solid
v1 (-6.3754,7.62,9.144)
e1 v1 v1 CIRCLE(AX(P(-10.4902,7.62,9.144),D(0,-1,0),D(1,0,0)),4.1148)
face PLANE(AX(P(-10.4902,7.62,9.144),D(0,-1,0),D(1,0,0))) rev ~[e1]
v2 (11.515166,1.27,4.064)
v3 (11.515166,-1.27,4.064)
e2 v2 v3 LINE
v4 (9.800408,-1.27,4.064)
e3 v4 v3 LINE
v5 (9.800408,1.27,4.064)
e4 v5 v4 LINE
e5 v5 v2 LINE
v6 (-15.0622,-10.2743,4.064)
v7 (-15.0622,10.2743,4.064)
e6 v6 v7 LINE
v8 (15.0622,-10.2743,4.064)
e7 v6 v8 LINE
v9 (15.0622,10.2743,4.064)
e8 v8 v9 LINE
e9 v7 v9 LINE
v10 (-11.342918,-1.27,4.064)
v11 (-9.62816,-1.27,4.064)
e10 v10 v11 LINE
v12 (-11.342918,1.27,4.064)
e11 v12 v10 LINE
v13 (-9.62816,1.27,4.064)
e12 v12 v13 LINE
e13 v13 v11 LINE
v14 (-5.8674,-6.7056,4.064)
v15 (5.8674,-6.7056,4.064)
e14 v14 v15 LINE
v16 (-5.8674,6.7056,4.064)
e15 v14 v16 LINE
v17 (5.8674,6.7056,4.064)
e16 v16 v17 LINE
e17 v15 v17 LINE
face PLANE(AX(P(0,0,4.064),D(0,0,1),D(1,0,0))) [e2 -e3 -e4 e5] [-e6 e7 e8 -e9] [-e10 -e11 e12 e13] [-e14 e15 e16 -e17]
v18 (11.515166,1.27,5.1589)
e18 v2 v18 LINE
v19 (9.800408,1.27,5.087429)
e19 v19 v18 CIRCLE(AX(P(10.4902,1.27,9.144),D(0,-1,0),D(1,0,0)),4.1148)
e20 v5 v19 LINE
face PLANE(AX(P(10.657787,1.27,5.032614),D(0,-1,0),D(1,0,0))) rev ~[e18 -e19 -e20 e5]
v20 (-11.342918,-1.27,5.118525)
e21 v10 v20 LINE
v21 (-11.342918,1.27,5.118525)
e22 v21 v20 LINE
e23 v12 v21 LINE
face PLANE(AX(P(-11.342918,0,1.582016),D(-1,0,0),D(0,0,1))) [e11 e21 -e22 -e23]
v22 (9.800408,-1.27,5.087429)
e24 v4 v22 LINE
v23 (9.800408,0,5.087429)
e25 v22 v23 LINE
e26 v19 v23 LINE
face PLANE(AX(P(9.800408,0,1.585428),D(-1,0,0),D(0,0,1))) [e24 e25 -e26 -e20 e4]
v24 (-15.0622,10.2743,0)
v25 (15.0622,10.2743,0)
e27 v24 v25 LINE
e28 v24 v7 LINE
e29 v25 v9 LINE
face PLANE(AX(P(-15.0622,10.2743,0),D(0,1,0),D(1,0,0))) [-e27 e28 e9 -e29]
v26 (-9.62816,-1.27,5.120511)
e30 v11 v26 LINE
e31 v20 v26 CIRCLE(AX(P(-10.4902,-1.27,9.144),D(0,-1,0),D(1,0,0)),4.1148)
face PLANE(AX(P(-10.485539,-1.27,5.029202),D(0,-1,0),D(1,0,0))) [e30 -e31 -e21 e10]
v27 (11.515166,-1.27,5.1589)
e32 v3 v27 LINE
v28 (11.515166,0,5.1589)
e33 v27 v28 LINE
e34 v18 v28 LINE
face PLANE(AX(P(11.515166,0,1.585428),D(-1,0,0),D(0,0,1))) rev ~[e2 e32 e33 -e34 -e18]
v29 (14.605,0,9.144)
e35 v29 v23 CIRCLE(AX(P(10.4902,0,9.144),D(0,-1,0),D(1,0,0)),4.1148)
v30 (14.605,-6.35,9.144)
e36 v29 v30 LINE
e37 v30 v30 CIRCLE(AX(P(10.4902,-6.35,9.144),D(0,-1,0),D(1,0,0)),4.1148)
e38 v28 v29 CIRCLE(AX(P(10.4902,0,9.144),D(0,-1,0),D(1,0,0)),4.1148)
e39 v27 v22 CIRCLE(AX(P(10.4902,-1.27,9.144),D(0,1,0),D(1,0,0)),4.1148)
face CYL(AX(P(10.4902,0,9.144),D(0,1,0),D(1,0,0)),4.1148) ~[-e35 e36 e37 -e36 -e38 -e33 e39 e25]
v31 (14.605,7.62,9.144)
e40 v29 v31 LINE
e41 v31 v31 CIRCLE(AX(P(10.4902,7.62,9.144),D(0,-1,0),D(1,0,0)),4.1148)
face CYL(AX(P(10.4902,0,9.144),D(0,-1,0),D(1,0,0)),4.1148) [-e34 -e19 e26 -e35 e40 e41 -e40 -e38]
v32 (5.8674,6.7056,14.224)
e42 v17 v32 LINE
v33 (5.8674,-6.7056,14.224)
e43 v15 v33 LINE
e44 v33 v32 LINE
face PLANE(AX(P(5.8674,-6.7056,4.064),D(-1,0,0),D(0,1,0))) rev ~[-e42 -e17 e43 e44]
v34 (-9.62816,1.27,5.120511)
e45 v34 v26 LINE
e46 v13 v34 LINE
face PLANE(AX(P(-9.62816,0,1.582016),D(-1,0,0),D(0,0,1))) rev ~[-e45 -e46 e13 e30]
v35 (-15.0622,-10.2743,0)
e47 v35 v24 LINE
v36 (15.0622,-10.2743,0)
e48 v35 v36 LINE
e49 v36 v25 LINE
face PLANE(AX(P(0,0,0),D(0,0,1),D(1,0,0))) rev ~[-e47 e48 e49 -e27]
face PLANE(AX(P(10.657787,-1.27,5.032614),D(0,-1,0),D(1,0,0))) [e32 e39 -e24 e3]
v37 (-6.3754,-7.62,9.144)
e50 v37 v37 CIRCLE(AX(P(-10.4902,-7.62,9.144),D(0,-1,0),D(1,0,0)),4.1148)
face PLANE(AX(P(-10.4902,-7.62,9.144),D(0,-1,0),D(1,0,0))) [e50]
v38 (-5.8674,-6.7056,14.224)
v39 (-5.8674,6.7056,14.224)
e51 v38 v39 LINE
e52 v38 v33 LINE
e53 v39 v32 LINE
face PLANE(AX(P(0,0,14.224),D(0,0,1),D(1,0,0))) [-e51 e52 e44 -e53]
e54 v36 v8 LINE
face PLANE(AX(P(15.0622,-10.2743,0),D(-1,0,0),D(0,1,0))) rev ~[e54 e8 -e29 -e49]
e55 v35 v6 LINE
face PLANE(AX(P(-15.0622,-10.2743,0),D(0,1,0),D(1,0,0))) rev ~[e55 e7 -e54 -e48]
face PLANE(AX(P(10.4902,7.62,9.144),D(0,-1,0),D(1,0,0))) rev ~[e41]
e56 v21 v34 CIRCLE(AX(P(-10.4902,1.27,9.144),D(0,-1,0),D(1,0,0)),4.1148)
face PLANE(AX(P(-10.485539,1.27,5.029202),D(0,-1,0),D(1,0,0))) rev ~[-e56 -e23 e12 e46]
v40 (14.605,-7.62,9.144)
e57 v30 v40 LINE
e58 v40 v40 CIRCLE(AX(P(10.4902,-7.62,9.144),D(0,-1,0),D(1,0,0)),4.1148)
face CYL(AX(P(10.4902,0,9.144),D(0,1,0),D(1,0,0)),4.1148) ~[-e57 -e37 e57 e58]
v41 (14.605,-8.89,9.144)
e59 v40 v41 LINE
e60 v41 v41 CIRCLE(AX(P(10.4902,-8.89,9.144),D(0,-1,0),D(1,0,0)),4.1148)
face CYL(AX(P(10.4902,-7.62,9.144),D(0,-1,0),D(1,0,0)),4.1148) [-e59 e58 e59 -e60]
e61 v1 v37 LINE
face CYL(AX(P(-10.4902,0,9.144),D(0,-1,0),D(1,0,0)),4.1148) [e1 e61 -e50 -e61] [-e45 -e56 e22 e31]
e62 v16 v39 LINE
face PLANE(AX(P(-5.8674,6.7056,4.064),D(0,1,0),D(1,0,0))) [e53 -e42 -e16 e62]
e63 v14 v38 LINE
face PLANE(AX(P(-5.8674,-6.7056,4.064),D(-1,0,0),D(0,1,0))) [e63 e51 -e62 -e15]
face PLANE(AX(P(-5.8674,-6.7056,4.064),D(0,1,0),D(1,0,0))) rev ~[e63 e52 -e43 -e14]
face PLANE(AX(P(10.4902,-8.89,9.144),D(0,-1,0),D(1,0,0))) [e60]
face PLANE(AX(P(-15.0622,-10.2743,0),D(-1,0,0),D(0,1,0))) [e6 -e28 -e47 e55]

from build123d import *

# Parameters (mm, degrees)
F0_W      = 30.1244
F0_H      = 20.5486
F1_DEPTH  = 4.064
F2_W      = 11.7348
F2_H      = 13.4112
F3_DEPTH  = 10.16
F4_R      = 4.1148
F5_DEPTH  = 7.62
F6_W      = 1.714757
F6_H      = 6.894373
F6_H_2    = 6.894372
F5_FACE_R = 4.1148
F7_DEPTH  = 1.27


with BuildPart() as f1:
    # F0 (on Top) → F1 (new body)
    with BuildSketch(Plane.XY):
        Rectangle(F0_W, F0_H)
    extrude(amount=F1_DEPTH)

    # F2 (on face) → F3 (join)
    with BuildSketch(Plane.XY.offset(4.064)):
        Rectangle(F2_W, F2_H)
    extrude(amount=F3_DEPTH)



with BuildPart() as f5:
    # F4 (on Front) → F5 (new body, symmetric)
    with BuildSketch(Plane.XZ):
        with Locations((10.4902, 9.144)):
            Circle(F4_R)
        with Locations((-10.4902, 9.144)):
            Circle(F4_R)
    extrude(amount=F5_DEPTH, both=True)


with BuildPart() as f1_1:
    add(f1.part)

    add(f5.part)  # F7 merges F5
    # F6 (on Front) + F5_face (on face) → F7 (join, symmetric)
    with BuildSketch(Plane.XZ):
        with Locations((-10.485539, 5.029202)):
            Rectangle(F6_W, F6_H)
        with Locations((10.657787, 5.032614)):
            Rectangle(F6_W, F6_H_2)
    with BuildSketch(Plane(origin=(10.4902, -7.62, 9.144), x_dir=(1, 0, 0), z_dir=(0, -1, 0))):
        Circle(F5_FACE_R)
    extrude(amount=F7_DEPTH, both=True)


solid = f1_1.part
